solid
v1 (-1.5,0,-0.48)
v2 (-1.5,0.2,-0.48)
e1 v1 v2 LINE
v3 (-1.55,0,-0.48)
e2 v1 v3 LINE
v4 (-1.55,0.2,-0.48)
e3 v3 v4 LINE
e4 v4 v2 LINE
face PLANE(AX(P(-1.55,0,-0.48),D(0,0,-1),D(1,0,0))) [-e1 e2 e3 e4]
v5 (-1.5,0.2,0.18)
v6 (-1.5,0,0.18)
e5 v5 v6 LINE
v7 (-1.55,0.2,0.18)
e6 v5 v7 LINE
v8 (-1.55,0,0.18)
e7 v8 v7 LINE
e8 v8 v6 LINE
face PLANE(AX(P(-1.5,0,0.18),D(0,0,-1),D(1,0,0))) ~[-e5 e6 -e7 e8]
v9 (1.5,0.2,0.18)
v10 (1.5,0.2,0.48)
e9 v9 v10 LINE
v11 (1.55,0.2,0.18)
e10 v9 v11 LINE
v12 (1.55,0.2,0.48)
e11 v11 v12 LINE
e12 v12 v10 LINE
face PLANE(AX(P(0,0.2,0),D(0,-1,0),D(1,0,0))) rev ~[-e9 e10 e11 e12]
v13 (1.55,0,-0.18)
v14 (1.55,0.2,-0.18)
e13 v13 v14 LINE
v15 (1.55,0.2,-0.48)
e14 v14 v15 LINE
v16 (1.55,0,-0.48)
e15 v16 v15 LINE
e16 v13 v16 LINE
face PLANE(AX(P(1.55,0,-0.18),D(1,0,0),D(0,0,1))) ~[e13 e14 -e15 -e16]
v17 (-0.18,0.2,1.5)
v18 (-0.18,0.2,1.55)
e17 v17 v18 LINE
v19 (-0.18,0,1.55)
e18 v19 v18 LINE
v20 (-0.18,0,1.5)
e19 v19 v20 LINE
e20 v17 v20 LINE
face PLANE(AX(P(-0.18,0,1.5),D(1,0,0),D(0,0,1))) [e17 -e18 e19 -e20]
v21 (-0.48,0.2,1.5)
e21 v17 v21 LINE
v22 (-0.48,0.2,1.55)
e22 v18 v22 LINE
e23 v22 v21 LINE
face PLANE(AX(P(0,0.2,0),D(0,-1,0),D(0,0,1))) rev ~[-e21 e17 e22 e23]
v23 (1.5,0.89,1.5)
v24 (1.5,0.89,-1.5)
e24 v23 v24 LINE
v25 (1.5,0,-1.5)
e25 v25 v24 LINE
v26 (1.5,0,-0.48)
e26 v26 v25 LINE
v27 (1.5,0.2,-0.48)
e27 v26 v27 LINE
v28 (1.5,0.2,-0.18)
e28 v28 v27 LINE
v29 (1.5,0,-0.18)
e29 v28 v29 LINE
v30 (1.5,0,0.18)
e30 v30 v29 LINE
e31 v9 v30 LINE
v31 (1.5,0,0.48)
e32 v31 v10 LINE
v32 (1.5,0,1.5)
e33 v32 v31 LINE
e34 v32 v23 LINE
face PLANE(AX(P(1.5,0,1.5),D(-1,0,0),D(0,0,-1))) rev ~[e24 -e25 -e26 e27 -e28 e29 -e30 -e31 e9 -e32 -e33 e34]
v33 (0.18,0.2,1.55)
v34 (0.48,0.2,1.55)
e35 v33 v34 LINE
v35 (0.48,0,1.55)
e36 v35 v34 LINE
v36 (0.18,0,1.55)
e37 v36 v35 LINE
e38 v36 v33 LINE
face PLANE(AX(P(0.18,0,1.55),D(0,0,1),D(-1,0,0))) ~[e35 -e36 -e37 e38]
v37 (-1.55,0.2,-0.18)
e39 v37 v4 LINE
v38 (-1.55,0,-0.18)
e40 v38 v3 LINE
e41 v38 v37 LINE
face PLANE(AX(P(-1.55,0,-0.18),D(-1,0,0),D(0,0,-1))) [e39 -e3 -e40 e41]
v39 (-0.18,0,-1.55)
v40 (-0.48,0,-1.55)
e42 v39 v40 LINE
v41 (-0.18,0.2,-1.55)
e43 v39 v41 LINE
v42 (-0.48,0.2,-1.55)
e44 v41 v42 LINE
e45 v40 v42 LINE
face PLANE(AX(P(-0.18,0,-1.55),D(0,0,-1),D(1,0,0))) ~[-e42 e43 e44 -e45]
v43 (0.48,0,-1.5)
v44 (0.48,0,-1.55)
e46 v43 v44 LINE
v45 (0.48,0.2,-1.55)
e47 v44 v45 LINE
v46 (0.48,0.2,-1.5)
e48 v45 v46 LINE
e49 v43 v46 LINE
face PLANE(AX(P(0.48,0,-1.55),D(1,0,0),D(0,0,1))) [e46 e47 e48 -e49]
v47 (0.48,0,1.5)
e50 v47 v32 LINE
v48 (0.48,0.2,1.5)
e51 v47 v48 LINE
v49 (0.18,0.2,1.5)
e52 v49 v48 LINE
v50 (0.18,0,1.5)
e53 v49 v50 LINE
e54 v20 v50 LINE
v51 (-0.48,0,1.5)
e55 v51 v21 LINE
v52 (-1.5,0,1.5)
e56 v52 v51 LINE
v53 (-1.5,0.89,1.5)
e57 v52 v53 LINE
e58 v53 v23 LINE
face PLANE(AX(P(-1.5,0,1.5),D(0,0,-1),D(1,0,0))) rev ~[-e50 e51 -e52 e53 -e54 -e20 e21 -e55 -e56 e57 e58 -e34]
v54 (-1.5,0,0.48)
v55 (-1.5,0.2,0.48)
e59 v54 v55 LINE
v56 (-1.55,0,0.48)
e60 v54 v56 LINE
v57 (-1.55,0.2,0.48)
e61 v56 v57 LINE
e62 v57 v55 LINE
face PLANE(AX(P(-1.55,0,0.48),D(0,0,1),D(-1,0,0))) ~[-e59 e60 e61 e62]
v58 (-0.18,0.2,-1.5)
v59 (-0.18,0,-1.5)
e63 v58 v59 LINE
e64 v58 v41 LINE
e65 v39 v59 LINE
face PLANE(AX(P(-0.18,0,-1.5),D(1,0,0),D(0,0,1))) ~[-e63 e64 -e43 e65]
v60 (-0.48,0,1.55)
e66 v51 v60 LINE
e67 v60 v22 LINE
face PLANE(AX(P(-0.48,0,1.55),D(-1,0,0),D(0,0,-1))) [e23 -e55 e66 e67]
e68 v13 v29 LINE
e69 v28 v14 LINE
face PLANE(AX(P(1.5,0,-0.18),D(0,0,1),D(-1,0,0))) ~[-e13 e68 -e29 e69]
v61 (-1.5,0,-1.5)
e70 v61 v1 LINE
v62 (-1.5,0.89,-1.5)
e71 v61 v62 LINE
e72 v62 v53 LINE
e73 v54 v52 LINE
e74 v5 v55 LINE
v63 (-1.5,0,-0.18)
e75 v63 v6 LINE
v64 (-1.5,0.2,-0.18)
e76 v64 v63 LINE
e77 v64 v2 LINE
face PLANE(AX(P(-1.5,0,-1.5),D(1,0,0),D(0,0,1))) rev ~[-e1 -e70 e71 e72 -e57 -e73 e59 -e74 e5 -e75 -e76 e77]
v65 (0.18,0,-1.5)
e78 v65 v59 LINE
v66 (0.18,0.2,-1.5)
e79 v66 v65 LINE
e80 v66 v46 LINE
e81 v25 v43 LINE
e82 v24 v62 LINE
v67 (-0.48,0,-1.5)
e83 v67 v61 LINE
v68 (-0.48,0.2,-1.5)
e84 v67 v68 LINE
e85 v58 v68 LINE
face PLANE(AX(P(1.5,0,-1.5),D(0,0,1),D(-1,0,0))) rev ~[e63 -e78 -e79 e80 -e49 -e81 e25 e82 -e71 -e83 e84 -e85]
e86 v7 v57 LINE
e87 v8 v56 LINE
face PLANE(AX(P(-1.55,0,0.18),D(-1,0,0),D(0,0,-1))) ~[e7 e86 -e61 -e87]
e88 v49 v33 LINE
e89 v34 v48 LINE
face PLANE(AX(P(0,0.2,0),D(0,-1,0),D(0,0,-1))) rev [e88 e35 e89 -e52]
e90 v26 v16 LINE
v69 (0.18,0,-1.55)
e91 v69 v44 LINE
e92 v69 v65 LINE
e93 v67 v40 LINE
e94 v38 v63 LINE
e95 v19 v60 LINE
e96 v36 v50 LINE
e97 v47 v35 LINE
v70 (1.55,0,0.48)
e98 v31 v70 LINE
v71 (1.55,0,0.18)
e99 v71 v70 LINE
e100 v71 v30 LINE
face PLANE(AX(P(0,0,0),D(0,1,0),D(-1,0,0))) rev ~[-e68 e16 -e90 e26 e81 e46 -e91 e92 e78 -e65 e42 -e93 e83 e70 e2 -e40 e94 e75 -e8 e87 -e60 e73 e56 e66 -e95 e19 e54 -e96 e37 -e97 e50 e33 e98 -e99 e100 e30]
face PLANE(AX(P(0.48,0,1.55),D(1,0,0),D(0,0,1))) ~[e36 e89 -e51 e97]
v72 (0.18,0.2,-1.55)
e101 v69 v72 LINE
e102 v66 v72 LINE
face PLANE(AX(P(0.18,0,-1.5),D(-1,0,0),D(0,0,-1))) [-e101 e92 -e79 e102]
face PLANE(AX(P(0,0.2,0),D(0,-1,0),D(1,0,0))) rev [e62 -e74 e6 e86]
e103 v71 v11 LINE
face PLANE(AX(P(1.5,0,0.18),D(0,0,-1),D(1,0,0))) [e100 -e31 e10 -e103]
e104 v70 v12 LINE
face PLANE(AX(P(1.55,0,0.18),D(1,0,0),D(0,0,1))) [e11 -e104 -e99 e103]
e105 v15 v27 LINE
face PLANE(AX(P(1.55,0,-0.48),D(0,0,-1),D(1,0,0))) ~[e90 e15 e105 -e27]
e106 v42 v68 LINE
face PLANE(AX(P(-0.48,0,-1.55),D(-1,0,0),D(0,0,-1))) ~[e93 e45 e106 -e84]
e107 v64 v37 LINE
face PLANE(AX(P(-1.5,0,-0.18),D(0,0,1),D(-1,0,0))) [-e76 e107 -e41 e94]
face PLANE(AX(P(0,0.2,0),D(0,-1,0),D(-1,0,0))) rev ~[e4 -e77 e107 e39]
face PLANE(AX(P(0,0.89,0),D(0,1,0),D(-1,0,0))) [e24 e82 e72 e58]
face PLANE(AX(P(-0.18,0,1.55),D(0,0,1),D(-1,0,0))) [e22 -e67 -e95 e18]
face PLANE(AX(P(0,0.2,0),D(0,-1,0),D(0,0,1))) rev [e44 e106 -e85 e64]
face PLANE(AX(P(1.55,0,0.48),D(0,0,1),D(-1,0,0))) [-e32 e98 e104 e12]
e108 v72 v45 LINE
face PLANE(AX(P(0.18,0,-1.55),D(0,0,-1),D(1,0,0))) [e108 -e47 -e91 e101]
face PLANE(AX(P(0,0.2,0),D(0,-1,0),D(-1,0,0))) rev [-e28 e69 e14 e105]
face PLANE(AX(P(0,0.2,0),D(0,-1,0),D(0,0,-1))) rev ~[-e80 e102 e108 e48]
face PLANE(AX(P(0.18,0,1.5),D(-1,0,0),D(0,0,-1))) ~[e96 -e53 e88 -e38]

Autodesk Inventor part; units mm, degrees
ref_plane "YZ Plane" through (0, 0, 0) normal (1, 0, 0) x (0, 1, 0)
ref_plane "XZ Plane" through (0, 0, 0) normal (0, 1, 0) x (-1, 0, 0)
ref_plane "XY Plane" through (0, 0, 0) normal (0, 0, 1) x (1, 0, 0)
sketch "Sketch1" plane through (0, 0, 0) normal (0, 1, 0) x (-1, 0, 0)
  line L0 (1.5, 1.5) -> (-1.5, 1.5)
  line L1 (-1.5, 1.5) -> (-1.5, -1.5)
  line L2 (-1.5, -1.5) -> (1.5, -1.5)
  line L3 (1.5, -1.5) -> (1.5, 1.5)
  point P0 (0, 0)
  dimension "d0" = 3
  dimension "d1" = 3
  dimension "d2" = 1.5
  dimension "d3" = 1.5
extrude "Extrusion1" add sketch "Sketch1" along normal blind 0.89
sketch "Sketch2" plane through (0, 0, 0) normal (0, -1, 0) x (1, 0, 0)
  line L0 (1.55, 0.48) -> (1.14, 0.48)
  line L1 (1.14, 0.48) -> (1.14, 0.18)
  line L2 (1.14, 0.18) -> (1.55, 0.18)
  line L3 (1.55, 0.18) -> (1.55, 0.48)
  line L4 (1.5, 1.5) -> (1.5, -1.5) projected
  line L5 (-1.5, 1.5) -> (1.5, 1.5) projected
  point P0 (0, 0)
  dimension "d6" = 0.3
  dimension "d7" = 0.05
  dimension "d8" = 0.41
  dimension "d9" = 1.02
extrude "Extrusion2" add sketch "Sketch2" against normal blind 0.2
mirror "Mirror1" about plane through (0, 0, 0) normal (0, 0, 1) of "Extrusion2"
pattern_circular "Circular Pattern1" count 4 over 360 about axis through (0, -10, 0) along (0, 1, 0) of "Extrusion2", "Mirror1"
properties part number "MC_DQ849"
